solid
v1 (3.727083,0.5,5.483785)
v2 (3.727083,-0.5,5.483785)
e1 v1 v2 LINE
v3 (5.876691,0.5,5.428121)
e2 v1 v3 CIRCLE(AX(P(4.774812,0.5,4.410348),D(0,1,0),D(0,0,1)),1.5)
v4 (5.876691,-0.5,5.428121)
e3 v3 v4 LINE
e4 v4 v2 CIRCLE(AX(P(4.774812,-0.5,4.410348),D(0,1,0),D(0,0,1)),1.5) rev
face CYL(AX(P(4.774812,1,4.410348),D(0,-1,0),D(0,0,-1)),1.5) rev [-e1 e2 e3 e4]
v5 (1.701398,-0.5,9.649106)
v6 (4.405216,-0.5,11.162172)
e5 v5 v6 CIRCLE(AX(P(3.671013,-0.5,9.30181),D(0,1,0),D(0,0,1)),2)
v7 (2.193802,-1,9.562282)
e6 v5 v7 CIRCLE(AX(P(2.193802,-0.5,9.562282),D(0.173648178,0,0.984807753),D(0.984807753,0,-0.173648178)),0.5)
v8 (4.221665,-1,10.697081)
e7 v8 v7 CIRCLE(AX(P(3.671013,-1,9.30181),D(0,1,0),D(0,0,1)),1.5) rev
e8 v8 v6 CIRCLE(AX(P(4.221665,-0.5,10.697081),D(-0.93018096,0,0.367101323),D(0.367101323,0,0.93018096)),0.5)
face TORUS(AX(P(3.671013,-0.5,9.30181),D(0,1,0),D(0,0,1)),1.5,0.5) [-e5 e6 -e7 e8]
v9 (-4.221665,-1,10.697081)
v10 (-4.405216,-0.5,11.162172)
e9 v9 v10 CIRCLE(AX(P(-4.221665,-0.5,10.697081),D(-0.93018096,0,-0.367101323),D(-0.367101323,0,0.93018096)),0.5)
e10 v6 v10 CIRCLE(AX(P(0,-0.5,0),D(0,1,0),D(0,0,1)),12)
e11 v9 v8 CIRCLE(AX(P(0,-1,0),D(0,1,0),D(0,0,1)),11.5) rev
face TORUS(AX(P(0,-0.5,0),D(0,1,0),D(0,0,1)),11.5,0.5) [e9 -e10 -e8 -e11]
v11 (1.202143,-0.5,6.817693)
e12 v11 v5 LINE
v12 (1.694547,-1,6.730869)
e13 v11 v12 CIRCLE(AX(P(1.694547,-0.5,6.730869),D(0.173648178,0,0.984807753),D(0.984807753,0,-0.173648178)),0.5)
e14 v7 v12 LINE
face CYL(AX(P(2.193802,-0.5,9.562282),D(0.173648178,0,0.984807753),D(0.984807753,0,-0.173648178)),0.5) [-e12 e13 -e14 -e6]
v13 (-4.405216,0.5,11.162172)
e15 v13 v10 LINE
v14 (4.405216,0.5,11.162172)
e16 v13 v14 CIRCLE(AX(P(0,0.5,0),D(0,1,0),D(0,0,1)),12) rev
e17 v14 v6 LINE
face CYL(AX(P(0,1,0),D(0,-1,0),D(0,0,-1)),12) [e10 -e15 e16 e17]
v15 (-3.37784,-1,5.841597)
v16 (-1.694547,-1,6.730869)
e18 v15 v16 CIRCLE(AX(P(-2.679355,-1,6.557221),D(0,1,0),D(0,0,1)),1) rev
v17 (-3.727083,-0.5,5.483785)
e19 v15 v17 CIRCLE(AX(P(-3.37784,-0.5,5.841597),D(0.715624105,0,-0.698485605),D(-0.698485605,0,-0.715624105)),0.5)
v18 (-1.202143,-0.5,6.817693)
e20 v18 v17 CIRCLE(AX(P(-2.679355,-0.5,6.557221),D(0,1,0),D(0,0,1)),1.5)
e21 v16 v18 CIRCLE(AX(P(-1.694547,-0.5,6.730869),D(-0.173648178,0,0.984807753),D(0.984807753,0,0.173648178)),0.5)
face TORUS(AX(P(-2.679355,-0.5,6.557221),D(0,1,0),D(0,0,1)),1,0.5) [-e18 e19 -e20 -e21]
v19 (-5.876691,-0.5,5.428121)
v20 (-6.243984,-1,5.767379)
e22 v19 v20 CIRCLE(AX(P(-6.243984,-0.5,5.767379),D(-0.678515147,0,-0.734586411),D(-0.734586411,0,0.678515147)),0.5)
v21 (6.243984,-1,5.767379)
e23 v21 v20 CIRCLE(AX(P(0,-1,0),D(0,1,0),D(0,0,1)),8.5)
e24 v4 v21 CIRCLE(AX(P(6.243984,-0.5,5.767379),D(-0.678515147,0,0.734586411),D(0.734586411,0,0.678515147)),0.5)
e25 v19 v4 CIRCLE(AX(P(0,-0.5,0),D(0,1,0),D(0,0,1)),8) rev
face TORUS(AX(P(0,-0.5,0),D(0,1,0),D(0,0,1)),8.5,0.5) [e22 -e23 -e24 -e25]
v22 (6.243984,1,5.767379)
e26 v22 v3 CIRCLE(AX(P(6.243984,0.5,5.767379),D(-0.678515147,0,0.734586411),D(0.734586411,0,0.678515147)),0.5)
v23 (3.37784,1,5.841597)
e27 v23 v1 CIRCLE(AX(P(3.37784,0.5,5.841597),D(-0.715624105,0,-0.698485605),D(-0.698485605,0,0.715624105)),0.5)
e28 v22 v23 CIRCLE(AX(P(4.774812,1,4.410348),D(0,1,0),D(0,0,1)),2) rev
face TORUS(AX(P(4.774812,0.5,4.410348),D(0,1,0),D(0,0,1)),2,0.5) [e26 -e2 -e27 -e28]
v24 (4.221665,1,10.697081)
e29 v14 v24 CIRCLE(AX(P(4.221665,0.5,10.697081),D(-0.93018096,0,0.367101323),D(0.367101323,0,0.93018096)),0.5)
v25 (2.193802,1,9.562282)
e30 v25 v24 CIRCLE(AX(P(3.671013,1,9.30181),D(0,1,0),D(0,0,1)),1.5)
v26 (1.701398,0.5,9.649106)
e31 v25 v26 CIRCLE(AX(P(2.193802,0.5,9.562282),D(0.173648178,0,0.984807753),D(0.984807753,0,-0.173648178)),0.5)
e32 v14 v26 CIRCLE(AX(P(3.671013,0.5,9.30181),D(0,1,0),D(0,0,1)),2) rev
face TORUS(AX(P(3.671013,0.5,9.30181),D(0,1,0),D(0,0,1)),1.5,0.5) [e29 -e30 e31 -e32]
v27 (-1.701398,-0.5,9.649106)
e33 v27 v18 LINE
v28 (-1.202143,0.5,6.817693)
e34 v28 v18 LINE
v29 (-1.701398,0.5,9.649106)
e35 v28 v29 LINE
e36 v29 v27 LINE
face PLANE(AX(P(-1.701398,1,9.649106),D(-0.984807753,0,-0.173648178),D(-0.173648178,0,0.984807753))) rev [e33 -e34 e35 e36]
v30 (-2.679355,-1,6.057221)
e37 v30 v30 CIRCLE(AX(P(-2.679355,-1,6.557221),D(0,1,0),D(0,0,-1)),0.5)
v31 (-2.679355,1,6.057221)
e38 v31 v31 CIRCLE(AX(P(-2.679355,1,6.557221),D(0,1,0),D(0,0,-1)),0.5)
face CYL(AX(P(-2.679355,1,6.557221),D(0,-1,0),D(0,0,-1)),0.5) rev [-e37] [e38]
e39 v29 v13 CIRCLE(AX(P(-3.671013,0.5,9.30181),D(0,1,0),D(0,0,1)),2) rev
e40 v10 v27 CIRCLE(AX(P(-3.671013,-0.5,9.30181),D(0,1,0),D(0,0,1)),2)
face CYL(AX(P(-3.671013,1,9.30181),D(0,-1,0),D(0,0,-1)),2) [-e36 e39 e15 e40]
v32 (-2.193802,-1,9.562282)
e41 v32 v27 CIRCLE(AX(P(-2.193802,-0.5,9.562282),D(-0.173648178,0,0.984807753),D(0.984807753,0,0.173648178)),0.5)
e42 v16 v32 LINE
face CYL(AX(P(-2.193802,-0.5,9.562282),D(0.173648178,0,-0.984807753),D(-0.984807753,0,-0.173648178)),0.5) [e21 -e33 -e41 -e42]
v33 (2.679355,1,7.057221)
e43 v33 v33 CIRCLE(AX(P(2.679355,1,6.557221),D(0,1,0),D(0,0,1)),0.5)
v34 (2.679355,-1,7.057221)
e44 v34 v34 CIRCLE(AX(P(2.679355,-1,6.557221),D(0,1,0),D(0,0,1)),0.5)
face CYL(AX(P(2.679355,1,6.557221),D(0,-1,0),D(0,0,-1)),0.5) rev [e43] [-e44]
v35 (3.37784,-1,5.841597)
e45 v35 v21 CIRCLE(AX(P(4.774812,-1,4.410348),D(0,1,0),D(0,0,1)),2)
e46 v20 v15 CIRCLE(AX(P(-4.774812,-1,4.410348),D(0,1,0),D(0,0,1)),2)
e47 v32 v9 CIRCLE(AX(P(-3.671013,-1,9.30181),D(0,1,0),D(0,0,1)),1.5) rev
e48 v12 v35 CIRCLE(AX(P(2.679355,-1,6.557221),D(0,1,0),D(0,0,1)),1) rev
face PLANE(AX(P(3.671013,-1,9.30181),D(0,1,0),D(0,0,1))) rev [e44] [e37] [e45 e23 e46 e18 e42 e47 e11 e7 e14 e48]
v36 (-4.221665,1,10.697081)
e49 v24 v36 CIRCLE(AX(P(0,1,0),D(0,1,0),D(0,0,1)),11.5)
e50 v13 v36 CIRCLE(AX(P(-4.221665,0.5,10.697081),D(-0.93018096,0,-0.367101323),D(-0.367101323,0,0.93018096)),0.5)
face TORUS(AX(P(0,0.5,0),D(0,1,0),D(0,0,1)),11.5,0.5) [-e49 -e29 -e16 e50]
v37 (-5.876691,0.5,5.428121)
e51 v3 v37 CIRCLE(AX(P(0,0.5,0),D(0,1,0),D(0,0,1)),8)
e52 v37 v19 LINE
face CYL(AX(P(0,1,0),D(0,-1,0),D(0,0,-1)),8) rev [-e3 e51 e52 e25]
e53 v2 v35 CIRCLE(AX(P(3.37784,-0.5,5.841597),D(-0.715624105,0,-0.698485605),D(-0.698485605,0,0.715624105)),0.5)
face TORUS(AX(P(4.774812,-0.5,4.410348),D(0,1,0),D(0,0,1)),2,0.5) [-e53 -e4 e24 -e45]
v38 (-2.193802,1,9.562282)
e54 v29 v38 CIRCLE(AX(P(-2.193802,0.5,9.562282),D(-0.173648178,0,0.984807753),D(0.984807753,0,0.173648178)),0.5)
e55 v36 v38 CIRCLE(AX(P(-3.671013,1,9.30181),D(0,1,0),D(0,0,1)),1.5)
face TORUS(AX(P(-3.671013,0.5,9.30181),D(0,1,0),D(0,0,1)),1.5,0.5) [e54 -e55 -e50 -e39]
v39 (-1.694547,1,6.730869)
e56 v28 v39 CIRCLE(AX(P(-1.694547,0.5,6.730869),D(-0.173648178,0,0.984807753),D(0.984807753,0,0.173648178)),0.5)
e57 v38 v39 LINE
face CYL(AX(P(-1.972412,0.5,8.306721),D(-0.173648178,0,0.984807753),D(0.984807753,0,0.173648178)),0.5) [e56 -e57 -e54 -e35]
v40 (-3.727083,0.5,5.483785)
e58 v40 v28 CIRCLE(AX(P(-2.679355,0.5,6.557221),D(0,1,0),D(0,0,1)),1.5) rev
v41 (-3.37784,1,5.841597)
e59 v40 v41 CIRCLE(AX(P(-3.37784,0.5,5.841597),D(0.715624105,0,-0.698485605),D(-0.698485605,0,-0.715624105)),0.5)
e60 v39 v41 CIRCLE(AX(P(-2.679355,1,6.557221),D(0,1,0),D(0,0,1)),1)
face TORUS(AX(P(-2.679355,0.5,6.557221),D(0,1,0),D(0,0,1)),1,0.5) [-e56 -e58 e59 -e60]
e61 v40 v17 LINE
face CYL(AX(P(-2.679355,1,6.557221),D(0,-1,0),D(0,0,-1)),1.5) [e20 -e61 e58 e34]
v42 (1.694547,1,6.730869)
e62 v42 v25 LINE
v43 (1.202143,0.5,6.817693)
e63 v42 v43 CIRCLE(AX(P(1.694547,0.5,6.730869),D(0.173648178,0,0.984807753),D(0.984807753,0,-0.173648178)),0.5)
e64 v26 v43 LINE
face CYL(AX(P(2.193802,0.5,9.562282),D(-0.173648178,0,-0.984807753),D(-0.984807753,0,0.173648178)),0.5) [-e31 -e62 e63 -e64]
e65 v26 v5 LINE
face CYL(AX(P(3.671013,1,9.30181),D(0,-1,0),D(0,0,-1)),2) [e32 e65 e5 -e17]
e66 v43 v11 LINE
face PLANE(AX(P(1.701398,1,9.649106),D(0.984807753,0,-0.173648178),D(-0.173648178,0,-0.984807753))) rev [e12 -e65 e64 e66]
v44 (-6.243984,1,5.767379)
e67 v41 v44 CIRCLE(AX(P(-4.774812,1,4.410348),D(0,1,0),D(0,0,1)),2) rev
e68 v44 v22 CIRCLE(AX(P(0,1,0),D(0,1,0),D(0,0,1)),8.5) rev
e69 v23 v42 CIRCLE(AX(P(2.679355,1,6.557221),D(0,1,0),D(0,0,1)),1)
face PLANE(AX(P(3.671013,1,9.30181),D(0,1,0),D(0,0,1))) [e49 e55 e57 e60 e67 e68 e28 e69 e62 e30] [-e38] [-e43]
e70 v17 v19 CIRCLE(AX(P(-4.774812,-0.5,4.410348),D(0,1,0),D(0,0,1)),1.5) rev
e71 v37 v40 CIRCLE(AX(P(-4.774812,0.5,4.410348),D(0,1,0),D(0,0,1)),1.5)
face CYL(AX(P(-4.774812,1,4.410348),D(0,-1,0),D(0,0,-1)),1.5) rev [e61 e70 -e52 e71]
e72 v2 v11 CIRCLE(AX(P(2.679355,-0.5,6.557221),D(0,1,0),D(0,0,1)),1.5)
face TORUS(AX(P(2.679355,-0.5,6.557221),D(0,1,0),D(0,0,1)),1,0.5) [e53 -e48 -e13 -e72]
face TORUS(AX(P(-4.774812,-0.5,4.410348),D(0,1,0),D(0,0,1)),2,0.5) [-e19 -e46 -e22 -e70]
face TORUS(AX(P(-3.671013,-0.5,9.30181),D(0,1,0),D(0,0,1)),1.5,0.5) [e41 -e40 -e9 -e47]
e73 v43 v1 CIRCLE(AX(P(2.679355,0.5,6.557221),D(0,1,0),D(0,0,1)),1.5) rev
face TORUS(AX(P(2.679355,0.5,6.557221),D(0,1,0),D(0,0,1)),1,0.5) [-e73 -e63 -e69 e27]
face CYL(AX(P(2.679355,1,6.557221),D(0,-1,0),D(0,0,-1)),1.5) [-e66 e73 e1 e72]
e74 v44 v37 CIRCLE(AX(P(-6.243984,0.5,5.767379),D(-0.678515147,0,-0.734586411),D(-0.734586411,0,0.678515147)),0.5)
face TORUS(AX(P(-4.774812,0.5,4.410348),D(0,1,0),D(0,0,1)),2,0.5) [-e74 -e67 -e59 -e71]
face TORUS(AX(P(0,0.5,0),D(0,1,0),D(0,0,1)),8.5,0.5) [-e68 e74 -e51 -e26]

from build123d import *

# Parameters (mm, degrees)
SKETCH1_R           = 0.5
BOSS_EXTRUDE1_DEPTH = 1
FILLET1_R           = 0.5


with BuildPart() as part:
    # Sketch1 → Boss-Extrude1 (new body, symmetric)
    with BuildSketch(Plane(origin=(0, 0, 0), x_dir=(1, 0, 0), z_dir=(0, 1, 0))):
        with BuildLine():
            Line((1.70139772, -9.649105958), (1.202143228, -6.817693036))
            ThreePointArc((1.202143228, -6.817693036), (1.978682409, -5.230925886), (3.727083265, -5.483784612))
            ThreePointArc((3.727083265, -5.483784612), (4.813640695, -5.909845806), (5.876691289, -5.428121175))
            ThreePointArc((5.876691289, -5.428121175), (0, 8), (-5.876691289, -5.428121175))
            ThreePointArc((-5.876691289, -5.428121175), (-4.813640695, -5.909845806), (-3.727083265, -5.483784612))
            ThreePointArc((-3.727083265, -5.483784612), (-1.978682409, -5.230925886), (-1.202143228, -6.817693036))
            Line((-1.202143228, -6.817693036), (-1.70139772, -9.649105958))
            ThreePointArc((-1.70139772, -9.649105958), (-2.694333604, -11.047116715), (-4.405215871, -11.162171524))
            ThreePointArc((-4.405215871, -11.162171524), (0, 12), (4.405215871, -11.162171524))
            ThreePointArc((4.405215871, -11.162171524), (2.694333604, -11.047116715), (1.70139772, -9.649105958))
        make_face()
        with Locations((2.679354858, -6.55722077)):
            Circle(SKETCH1_R, mode=Mode.SUBTRACT)
        with Locations((-2.679354858, -6.55722077)):
            Circle(SKETCH1_R, mode=Mode.SUBTRACT)
    extrude(amount=BOSS_EXTRUDE1_DEPTH, both=True)

    # Fillet1
    fillet1_edges = [part.edges().sort_by_distance(p)[0] for p in [
        (1.451770474, -1, 8.233399497),
        (1.978682409, -1, 5.230925886),
        (4.813640695, -1, 5.909845806),
        (0, -1, -8),
        (-4.813640695, -1, 5.909845806),
        (-1.978682409, -1, 5.230925886),
        (-1.451770474, -1, 8.233399497),
        (-2.694333604, 1, 11.047116715),
        (-2.694333604, -1, 11.047116715),
        (0, -1, -12),
        (2.694333604, -1, 11.047116715),
        (-1.451770474, 1, 8.233399497),
        (-1.978682409, 1, 5.230925886),
        (-4.813640695, 1, 5.909845806),
        (0, 1, -8),
        (4.813640695, 1, 5.909845806),
        (1.978682409, 1, 5.230925886),
        (1.451770474, 1, 8.233399497),
        (2.694333604, 1, 11.047116715),
        (0, 1, -12),
    ]]
    fillet(fillet1_edges, radius=FILLET1_R)


solid = part.part
